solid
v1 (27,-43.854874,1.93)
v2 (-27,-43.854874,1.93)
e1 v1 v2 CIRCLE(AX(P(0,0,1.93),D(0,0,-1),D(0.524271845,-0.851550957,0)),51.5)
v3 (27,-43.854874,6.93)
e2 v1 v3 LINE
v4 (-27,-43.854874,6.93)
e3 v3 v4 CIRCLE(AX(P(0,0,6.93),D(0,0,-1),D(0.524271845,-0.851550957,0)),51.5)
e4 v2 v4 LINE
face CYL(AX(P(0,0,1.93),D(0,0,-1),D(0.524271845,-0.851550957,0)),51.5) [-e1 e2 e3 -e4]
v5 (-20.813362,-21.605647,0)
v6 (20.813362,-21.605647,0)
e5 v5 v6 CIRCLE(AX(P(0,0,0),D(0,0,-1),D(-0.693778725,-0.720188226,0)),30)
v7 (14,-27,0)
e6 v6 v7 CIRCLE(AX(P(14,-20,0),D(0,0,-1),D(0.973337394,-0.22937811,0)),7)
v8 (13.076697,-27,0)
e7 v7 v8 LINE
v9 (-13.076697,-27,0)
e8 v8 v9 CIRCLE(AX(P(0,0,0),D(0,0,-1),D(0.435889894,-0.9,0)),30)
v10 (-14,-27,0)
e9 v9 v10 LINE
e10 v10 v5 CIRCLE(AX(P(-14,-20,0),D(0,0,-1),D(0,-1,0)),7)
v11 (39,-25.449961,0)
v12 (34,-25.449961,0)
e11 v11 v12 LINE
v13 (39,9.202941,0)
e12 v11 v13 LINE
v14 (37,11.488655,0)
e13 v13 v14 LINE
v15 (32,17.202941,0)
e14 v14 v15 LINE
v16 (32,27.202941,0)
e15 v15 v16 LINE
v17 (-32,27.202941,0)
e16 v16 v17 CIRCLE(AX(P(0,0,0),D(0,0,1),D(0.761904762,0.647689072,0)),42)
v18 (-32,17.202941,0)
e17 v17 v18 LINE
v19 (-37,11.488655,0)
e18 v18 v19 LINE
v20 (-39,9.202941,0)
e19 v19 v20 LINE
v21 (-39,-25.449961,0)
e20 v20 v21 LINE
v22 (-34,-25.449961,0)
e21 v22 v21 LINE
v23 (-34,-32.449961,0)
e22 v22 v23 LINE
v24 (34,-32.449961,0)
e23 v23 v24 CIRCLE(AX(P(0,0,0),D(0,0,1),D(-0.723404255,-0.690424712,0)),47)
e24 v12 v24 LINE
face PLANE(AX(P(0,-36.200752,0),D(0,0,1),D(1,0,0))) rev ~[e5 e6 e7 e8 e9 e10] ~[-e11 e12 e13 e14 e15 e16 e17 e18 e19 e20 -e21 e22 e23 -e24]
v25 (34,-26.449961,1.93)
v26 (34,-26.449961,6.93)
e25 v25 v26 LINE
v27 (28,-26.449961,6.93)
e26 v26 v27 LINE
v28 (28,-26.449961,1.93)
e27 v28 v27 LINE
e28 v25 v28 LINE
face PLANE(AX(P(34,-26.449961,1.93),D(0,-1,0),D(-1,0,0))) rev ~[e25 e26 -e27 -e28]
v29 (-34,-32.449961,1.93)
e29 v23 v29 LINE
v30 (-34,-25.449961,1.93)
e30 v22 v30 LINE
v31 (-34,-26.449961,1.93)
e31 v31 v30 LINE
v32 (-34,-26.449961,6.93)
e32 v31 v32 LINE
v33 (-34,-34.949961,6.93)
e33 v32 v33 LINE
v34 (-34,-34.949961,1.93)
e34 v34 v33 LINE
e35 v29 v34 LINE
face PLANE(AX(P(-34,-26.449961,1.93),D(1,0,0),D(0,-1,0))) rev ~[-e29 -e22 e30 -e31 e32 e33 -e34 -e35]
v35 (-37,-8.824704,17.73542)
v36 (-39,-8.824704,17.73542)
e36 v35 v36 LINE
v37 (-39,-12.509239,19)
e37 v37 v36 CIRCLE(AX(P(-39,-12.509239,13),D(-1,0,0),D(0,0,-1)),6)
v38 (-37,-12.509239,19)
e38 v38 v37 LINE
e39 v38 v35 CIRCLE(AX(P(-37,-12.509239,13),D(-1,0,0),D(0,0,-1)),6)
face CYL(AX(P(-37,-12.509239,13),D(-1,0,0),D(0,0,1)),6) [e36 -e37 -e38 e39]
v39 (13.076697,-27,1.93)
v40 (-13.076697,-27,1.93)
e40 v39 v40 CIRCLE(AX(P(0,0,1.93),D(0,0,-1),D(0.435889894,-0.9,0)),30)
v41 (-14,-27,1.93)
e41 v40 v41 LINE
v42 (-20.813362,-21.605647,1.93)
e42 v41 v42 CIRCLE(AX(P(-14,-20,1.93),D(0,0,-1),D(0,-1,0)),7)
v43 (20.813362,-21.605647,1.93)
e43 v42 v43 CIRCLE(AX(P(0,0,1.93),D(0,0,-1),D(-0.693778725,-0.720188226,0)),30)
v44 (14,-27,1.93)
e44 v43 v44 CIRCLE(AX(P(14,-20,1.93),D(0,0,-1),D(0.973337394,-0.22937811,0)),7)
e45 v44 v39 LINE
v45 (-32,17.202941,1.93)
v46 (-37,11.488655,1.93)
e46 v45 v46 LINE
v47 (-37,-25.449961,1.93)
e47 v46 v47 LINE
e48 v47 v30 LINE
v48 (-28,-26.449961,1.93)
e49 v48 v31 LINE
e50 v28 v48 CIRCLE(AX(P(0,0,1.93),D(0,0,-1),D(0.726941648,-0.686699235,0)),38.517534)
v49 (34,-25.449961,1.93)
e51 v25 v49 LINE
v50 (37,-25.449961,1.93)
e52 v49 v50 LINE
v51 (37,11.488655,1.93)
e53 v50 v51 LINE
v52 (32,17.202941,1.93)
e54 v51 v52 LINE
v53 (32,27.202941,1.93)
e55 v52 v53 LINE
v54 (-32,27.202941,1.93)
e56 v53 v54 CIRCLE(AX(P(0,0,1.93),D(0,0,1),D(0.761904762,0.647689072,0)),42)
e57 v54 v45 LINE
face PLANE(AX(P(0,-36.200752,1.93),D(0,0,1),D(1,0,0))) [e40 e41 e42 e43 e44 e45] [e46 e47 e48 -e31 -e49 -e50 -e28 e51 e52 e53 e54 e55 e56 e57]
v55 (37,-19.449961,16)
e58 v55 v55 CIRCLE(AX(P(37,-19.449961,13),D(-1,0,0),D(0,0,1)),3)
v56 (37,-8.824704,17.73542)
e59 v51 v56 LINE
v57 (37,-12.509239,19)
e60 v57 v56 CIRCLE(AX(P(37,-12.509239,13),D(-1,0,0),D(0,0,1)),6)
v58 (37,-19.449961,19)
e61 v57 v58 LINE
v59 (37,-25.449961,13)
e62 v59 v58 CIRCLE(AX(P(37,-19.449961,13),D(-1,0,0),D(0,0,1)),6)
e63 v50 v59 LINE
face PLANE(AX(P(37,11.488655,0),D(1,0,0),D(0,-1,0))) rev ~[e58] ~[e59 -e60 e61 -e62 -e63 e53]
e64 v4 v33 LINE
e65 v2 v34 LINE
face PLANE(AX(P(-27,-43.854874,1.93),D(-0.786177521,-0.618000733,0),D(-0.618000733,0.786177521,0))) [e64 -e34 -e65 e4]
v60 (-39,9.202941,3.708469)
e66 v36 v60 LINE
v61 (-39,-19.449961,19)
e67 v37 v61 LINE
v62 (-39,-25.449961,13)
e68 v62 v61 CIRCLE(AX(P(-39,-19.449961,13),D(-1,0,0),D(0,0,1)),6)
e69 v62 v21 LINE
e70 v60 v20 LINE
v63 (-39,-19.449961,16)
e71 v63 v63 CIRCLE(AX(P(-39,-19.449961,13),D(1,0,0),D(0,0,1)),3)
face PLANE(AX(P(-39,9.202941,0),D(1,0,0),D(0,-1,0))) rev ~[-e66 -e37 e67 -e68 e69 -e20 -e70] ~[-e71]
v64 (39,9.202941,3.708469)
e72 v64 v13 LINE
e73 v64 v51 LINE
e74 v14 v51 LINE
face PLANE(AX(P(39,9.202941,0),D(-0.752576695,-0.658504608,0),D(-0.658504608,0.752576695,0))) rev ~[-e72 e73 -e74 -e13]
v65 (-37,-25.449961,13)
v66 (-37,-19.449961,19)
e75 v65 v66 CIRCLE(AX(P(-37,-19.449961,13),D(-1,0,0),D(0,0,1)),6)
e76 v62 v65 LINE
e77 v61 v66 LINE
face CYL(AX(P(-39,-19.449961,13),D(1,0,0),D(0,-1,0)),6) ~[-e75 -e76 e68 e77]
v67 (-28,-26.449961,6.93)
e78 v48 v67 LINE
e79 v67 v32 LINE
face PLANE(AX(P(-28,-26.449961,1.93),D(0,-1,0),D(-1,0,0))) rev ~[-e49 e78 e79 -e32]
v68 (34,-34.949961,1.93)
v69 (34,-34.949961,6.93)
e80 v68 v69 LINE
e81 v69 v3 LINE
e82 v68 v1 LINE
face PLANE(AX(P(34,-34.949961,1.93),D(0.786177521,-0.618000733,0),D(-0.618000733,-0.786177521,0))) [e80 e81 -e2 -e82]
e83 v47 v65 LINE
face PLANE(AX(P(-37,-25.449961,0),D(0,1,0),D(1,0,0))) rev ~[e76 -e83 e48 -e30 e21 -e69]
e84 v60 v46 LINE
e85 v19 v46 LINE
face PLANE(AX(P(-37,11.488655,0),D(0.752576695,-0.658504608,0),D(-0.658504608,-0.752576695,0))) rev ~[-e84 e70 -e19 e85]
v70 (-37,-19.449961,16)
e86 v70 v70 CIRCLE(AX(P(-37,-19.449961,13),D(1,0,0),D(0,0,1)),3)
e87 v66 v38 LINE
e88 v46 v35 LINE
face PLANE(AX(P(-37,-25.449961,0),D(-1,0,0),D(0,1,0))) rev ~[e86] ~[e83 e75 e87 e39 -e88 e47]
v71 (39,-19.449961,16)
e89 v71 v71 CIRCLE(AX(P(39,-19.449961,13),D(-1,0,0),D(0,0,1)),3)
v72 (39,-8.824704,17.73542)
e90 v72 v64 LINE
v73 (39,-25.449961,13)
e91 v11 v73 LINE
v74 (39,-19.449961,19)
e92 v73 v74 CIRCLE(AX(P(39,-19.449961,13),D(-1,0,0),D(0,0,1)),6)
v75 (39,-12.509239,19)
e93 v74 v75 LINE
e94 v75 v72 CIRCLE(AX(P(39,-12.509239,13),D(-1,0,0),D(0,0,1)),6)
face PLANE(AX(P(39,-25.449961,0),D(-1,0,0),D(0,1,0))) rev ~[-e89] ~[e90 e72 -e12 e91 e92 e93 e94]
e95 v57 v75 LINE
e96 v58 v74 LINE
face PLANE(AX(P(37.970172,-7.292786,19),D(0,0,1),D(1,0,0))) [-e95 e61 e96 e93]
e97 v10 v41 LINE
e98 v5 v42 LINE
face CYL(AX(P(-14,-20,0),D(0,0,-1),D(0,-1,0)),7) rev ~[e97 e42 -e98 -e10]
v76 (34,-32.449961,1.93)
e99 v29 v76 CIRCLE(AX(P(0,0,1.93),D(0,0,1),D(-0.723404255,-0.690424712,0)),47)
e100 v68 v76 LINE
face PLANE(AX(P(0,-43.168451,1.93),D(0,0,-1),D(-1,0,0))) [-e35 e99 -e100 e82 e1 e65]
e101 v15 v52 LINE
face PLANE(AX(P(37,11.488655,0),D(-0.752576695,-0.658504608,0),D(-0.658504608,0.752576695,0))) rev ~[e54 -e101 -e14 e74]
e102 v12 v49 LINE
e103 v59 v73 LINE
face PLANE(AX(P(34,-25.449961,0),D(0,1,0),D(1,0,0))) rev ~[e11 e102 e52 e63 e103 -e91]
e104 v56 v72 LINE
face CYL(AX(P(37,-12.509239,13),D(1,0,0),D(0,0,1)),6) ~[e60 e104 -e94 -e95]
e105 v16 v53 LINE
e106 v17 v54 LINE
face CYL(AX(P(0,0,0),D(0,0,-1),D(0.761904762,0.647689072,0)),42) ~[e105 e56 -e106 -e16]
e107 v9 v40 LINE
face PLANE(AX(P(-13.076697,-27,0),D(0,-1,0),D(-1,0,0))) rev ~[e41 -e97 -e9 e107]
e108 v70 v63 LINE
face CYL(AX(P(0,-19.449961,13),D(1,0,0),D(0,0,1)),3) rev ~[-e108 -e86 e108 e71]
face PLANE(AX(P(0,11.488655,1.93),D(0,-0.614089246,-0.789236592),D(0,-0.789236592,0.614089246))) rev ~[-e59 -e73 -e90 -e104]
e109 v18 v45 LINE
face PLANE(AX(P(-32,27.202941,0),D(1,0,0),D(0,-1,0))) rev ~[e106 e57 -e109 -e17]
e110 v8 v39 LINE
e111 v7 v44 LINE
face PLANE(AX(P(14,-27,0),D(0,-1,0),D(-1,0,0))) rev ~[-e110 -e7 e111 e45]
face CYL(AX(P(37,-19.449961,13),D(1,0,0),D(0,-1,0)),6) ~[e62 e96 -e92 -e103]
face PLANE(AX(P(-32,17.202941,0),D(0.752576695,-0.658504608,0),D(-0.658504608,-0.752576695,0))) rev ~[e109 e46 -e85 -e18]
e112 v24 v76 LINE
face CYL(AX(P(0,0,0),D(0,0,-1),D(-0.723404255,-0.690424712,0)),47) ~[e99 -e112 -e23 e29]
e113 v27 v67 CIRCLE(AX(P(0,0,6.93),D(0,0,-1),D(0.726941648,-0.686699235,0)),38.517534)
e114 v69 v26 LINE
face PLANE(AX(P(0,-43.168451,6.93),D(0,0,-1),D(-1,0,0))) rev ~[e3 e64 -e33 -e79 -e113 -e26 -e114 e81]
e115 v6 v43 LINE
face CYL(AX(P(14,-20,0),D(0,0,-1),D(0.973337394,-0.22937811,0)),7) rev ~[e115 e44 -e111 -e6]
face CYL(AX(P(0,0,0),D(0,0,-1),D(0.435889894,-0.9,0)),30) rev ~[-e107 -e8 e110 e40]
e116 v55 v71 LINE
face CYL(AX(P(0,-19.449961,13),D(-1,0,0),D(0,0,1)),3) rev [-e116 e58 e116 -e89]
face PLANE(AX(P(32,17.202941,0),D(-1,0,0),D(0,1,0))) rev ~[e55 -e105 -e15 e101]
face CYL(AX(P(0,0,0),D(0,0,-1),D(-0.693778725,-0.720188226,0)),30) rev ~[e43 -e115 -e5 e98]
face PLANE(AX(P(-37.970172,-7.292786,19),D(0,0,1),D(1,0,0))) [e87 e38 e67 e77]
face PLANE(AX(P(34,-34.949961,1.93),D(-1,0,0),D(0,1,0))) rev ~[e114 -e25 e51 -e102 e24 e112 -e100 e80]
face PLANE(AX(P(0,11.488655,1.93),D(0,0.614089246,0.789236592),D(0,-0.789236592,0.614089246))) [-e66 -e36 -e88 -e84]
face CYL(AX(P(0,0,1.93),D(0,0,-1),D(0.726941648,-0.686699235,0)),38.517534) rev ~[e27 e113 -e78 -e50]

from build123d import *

# Parameters (mm, degrees)
BOSS_EXTRUDE1_DEPTH            = 1.93
BOSS_EXTRUDE2_START            = 1.93
BOSS_EXTRUDE2_DEPTH            = 5
BOSS_EXTRUDE3_DEPTH            = 19
CUT_EXTRUDE1_REACH             = 69.337
CUT_EXTRUDE1_DIRECTION_2_REACH = 69.337
FILLET1_R                      = 6
CUT_EXTRUDE2_REACH             = 69.337
SKETCH5_R                      = 3
CUT_EXTRUDE2_DIRECTION_2_REACH = 69.337


with BuildPart() as part:
    # Sketch1 → Boss-Extrude1 (new body)
    # profile 1 of 4: a face of its own
    with BuildSketch(Plane.XY):
        with BuildLine():
            ThreePointArc((32, 27.202941017), (0, 42), (-32, 27.202941017))
            Line((-32, 27.202941017), (-32, 17.202941017))
            Line((-32, 17.202941017), (-37, 11.488655303))
            Line((-37, 11.488655303), (-37, -25.449961479))
            Line((-37, -25.449961479), (-34, -25.449961479))
            Line((-34, -25.449961479), (-34, -26.449961479))
            Line((-34, -26.449961479), (-28, -26.449961479))
            ThreePointArc((-28, -26.449961479), (0, -38.517534478), (28, -26.449961479))
            Line((28, -26.449961479), (34, -26.449961479))
            Line((34, -26.449961479), (34, -25.449961479))
            Line((34, -25.449961479), (37, -25.449961479))
            Line((37, -25.449961479), (37, 11.488655303))
            Line((37, 11.488655303), (32, 17.202941017))
            Line((32, 17.202941017), (32, 27.202941017))
        make_face()
        with BuildLine():
            Line((-13.076696831, -27), (-14, -27))
            ThreePointArc((-14, -27), (-18.345139389, -25.488147565), (-20.813361759, -21.605646769))
            ThreePointArc((-20.813361759, -21.605646769), (0, 30), (20.813361759, -21.605646769))
            ThreePointArc((20.813361759, -21.605646769), (18.345139389, -25.488147565), (14, -27))
            Line((14, -27), (13.076696831, -27))
            ThreePointArc((13.076696831, -27), (0, -30), (-13.076696831, -27))
        make_face(mode=Mode.SUBTRACT)
    # profile 2 of 4: a face of its own
    with BuildSketch(Plane.XY):
        Polygon((-37, -25.449961479), (-37, 11.488655303), (-39, 9.202941017), (-39, -25.449961479), align=None)
    # profile 3 of 4: a face of its own
    with BuildSketch(Plane.XY):
        Polygon((39, 9.202941017), (37, 11.488655303), (37, -25.449961479), (39, -25.449961479), align=None)
    # profile 4 of 4: a face of its own
    with BuildSketch(Plane.XY):
        with BuildLine():
            Line((-28, -26.449961479), (-34, -26.449961479))
            Line((-34, -26.449961479), (-34, -32.449961479))
            ThreePointArc((-34, -32.449961479), (0, -47), (34, -32.449961479))
            Line((34, -32.449961479), (34, -26.449961479))
            Line((34, -26.449961479), (28, -26.449961479))
            ThreePointArc((28, -26.449961479), (0, -38.517534478), (-28, -26.449961479))
        make_face()
    extrude(amount=BOSS_EXTRUDE1_DEPTH)

    # Sketch1<3> → Boss-Extrude2 (add)
    with BuildSketch(Plane.XY.offset(BOSS_EXTRUDE2_START)):
        with BuildLine():
            Line((-27, -43.854874301), (-34, -34.949961479))
            Line((-34, -34.949961479), (-34, -32.449961479))
            ThreePointArc((-34, -32.449961479), (0, -47), (34, -32.449961479))
            Line((34, -32.449961479), (34, -34.949961479))
            Line((34, -34.949961479), (27, -43.854874301))
            ThreePointArc((27, -43.854874301), (0, -51.5), (-27, -43.854874301))
        make_face()
        with BuildLine():
            Line((-28, -26.449961479), (-34, -26.449961479))
            Line((-34, -26.449961479), (-34, -32.449961479))
            ThreePointArc((-34, -32.449961479), (0, -47), (34, -32.449961479))
            Line((34, -32.449961479), (34, -26.449961479))
            Line((34, -26.449961479), (28, -26.449961479))
            ThreePointArc((28, -26.449961479), (0, -38.517534478), (-28, -26.449961479))
        make_face()
    extrude(amount=BOSS_EXTRUDE2_DEPTH)

    # Sketch1<4> → Boss-Extrude3 (add)
    with BuildSketch(Plane.XY):
        Polygon((-37, -25.449961479), (-37, 11.488655303), (-39, 9.202941017), (-39, -25.449961479), align=None)
        Polygon((39, 9.202941017), (37, 11.488655303), (37, -25.449961479), (39, -25.449961479), align=None)
    extrude(amount=BOSS_EXTRUDE3_DEPTH)

    # Sketch3 → Cut-Extrude1 (cut, up to next)
    with BuildSketch(Plane(origin=(0, 0, 0), x_dir=(0, 0, -1), z_dir=(1, 0, 0)), mode=Mode.PRIVATE) as cut_extrude1_sk1:
        Polygon((-1.93, 11.488655303), (-19, -10.449961479), (-19, 9.202941017), (-19, 11.488655303), align=None)
    cut_extrude1_tool1 = extrude(cut_extrude1_sk1.sketch, amount=-CUT_EXTRUDE1_REACH, mode=Mode.PRIVATE) & part.part
    add(cut_extrude1_tool1.solids().sort_by_distance((0, 4.175783, 13.31))[0], mode=Mode.SUBTRACT)

    # Sketch3 → Cut-Extrude1 direction 2 (cut, up to next)
    with BuildSketch(Plane(origin=(0, 0, 0), x_dir=(0, 0, -1), z_dir=(1, 0, 0)), mode=Mode.PRIVATE) as cut_extrude1_direction_2_sk1:
        Polygon((-1.93, 11.488655303), (-19, -10.449961479), (-19, 9.202941017), (-19, 11.488655303), align=None)
    cut_extrude1_direction_2_tool1 = extrude(cut_extrude1_direction_2_sk1.sketch, amount=CUT_EXTRUDE1_DIRECTION_2_REACH, mode=Mode.PRIVATE) & part.part
    add(cut_extrude1_direction_2_tool1.solids().sort_by_distance((0, 4.175783, 13.31))[0], mode=Mode.SUBTRACT)

    # Fillet1
    fillet1_edges = [part.edges().sort_by_distance(p)[0] for p in [
        (38, -25.449961479, 19),
        (38, -10.449961479, 19),
        (-38, -10.449961479, 19),
        (-38, -25.449961479, 19),
    ]]
    fillet(fillet1_edges, radius=FILLET1_R)

    # Sketch5 → Cut-Extrude2 (cut, up to next)
    with BuildSketch(Plane(origin=(0, 0, 0), x_dir=(0, 0, -1), z_dir=(1, 0, 0)), mode=Mode.PRIVATE) as cut_extrude2_sk1:
        with Locations(Location((-13, -19.449961479, 0), (0, 0, 180))):
            Circle(SKETCH5_R)
    cut_extrude2_tool1 = extrude(cut_extrude2_sk1.sketch, amount=-CUT_EXTRUDE2_REACH, mode=Mode.PRIVATE) & part.part
    add(cut_extrude2_tool1.solids().sort_by_distance((0, -19.449961, 13))[0], mode=Mode.SUBTRACT)

    # Sketch5 → Cut-Extrude2 direction 2 (cut, up to next)
    with BuildSketch(Plane(origin=(0, 0, 0), x_dir=(0, 0, -1), z_dir=(1, 0, 0)), mode=Mode.PRIVATE) as cut_extrude2_direction_2_sk1:
        with Locations(Location((-13, -19.449961479, 0), (0, 0, 180))):
            Circle(SKETCH5_R)
    cut_extrude2_direction_2_tool1 = extrude(cut_extrude2_direction_2_sk1.sketch, amount=CUT_EXTRUDE2_DIRECTION_2_REACH, mode=Mode.PRIVATE) & part.part
    add(cut_extrude2_direction_2_tool1.solids().sort_by_distance((0, -19.449961, 13))[0], mode=Mode.SUBTRACT)


solid = part.part
